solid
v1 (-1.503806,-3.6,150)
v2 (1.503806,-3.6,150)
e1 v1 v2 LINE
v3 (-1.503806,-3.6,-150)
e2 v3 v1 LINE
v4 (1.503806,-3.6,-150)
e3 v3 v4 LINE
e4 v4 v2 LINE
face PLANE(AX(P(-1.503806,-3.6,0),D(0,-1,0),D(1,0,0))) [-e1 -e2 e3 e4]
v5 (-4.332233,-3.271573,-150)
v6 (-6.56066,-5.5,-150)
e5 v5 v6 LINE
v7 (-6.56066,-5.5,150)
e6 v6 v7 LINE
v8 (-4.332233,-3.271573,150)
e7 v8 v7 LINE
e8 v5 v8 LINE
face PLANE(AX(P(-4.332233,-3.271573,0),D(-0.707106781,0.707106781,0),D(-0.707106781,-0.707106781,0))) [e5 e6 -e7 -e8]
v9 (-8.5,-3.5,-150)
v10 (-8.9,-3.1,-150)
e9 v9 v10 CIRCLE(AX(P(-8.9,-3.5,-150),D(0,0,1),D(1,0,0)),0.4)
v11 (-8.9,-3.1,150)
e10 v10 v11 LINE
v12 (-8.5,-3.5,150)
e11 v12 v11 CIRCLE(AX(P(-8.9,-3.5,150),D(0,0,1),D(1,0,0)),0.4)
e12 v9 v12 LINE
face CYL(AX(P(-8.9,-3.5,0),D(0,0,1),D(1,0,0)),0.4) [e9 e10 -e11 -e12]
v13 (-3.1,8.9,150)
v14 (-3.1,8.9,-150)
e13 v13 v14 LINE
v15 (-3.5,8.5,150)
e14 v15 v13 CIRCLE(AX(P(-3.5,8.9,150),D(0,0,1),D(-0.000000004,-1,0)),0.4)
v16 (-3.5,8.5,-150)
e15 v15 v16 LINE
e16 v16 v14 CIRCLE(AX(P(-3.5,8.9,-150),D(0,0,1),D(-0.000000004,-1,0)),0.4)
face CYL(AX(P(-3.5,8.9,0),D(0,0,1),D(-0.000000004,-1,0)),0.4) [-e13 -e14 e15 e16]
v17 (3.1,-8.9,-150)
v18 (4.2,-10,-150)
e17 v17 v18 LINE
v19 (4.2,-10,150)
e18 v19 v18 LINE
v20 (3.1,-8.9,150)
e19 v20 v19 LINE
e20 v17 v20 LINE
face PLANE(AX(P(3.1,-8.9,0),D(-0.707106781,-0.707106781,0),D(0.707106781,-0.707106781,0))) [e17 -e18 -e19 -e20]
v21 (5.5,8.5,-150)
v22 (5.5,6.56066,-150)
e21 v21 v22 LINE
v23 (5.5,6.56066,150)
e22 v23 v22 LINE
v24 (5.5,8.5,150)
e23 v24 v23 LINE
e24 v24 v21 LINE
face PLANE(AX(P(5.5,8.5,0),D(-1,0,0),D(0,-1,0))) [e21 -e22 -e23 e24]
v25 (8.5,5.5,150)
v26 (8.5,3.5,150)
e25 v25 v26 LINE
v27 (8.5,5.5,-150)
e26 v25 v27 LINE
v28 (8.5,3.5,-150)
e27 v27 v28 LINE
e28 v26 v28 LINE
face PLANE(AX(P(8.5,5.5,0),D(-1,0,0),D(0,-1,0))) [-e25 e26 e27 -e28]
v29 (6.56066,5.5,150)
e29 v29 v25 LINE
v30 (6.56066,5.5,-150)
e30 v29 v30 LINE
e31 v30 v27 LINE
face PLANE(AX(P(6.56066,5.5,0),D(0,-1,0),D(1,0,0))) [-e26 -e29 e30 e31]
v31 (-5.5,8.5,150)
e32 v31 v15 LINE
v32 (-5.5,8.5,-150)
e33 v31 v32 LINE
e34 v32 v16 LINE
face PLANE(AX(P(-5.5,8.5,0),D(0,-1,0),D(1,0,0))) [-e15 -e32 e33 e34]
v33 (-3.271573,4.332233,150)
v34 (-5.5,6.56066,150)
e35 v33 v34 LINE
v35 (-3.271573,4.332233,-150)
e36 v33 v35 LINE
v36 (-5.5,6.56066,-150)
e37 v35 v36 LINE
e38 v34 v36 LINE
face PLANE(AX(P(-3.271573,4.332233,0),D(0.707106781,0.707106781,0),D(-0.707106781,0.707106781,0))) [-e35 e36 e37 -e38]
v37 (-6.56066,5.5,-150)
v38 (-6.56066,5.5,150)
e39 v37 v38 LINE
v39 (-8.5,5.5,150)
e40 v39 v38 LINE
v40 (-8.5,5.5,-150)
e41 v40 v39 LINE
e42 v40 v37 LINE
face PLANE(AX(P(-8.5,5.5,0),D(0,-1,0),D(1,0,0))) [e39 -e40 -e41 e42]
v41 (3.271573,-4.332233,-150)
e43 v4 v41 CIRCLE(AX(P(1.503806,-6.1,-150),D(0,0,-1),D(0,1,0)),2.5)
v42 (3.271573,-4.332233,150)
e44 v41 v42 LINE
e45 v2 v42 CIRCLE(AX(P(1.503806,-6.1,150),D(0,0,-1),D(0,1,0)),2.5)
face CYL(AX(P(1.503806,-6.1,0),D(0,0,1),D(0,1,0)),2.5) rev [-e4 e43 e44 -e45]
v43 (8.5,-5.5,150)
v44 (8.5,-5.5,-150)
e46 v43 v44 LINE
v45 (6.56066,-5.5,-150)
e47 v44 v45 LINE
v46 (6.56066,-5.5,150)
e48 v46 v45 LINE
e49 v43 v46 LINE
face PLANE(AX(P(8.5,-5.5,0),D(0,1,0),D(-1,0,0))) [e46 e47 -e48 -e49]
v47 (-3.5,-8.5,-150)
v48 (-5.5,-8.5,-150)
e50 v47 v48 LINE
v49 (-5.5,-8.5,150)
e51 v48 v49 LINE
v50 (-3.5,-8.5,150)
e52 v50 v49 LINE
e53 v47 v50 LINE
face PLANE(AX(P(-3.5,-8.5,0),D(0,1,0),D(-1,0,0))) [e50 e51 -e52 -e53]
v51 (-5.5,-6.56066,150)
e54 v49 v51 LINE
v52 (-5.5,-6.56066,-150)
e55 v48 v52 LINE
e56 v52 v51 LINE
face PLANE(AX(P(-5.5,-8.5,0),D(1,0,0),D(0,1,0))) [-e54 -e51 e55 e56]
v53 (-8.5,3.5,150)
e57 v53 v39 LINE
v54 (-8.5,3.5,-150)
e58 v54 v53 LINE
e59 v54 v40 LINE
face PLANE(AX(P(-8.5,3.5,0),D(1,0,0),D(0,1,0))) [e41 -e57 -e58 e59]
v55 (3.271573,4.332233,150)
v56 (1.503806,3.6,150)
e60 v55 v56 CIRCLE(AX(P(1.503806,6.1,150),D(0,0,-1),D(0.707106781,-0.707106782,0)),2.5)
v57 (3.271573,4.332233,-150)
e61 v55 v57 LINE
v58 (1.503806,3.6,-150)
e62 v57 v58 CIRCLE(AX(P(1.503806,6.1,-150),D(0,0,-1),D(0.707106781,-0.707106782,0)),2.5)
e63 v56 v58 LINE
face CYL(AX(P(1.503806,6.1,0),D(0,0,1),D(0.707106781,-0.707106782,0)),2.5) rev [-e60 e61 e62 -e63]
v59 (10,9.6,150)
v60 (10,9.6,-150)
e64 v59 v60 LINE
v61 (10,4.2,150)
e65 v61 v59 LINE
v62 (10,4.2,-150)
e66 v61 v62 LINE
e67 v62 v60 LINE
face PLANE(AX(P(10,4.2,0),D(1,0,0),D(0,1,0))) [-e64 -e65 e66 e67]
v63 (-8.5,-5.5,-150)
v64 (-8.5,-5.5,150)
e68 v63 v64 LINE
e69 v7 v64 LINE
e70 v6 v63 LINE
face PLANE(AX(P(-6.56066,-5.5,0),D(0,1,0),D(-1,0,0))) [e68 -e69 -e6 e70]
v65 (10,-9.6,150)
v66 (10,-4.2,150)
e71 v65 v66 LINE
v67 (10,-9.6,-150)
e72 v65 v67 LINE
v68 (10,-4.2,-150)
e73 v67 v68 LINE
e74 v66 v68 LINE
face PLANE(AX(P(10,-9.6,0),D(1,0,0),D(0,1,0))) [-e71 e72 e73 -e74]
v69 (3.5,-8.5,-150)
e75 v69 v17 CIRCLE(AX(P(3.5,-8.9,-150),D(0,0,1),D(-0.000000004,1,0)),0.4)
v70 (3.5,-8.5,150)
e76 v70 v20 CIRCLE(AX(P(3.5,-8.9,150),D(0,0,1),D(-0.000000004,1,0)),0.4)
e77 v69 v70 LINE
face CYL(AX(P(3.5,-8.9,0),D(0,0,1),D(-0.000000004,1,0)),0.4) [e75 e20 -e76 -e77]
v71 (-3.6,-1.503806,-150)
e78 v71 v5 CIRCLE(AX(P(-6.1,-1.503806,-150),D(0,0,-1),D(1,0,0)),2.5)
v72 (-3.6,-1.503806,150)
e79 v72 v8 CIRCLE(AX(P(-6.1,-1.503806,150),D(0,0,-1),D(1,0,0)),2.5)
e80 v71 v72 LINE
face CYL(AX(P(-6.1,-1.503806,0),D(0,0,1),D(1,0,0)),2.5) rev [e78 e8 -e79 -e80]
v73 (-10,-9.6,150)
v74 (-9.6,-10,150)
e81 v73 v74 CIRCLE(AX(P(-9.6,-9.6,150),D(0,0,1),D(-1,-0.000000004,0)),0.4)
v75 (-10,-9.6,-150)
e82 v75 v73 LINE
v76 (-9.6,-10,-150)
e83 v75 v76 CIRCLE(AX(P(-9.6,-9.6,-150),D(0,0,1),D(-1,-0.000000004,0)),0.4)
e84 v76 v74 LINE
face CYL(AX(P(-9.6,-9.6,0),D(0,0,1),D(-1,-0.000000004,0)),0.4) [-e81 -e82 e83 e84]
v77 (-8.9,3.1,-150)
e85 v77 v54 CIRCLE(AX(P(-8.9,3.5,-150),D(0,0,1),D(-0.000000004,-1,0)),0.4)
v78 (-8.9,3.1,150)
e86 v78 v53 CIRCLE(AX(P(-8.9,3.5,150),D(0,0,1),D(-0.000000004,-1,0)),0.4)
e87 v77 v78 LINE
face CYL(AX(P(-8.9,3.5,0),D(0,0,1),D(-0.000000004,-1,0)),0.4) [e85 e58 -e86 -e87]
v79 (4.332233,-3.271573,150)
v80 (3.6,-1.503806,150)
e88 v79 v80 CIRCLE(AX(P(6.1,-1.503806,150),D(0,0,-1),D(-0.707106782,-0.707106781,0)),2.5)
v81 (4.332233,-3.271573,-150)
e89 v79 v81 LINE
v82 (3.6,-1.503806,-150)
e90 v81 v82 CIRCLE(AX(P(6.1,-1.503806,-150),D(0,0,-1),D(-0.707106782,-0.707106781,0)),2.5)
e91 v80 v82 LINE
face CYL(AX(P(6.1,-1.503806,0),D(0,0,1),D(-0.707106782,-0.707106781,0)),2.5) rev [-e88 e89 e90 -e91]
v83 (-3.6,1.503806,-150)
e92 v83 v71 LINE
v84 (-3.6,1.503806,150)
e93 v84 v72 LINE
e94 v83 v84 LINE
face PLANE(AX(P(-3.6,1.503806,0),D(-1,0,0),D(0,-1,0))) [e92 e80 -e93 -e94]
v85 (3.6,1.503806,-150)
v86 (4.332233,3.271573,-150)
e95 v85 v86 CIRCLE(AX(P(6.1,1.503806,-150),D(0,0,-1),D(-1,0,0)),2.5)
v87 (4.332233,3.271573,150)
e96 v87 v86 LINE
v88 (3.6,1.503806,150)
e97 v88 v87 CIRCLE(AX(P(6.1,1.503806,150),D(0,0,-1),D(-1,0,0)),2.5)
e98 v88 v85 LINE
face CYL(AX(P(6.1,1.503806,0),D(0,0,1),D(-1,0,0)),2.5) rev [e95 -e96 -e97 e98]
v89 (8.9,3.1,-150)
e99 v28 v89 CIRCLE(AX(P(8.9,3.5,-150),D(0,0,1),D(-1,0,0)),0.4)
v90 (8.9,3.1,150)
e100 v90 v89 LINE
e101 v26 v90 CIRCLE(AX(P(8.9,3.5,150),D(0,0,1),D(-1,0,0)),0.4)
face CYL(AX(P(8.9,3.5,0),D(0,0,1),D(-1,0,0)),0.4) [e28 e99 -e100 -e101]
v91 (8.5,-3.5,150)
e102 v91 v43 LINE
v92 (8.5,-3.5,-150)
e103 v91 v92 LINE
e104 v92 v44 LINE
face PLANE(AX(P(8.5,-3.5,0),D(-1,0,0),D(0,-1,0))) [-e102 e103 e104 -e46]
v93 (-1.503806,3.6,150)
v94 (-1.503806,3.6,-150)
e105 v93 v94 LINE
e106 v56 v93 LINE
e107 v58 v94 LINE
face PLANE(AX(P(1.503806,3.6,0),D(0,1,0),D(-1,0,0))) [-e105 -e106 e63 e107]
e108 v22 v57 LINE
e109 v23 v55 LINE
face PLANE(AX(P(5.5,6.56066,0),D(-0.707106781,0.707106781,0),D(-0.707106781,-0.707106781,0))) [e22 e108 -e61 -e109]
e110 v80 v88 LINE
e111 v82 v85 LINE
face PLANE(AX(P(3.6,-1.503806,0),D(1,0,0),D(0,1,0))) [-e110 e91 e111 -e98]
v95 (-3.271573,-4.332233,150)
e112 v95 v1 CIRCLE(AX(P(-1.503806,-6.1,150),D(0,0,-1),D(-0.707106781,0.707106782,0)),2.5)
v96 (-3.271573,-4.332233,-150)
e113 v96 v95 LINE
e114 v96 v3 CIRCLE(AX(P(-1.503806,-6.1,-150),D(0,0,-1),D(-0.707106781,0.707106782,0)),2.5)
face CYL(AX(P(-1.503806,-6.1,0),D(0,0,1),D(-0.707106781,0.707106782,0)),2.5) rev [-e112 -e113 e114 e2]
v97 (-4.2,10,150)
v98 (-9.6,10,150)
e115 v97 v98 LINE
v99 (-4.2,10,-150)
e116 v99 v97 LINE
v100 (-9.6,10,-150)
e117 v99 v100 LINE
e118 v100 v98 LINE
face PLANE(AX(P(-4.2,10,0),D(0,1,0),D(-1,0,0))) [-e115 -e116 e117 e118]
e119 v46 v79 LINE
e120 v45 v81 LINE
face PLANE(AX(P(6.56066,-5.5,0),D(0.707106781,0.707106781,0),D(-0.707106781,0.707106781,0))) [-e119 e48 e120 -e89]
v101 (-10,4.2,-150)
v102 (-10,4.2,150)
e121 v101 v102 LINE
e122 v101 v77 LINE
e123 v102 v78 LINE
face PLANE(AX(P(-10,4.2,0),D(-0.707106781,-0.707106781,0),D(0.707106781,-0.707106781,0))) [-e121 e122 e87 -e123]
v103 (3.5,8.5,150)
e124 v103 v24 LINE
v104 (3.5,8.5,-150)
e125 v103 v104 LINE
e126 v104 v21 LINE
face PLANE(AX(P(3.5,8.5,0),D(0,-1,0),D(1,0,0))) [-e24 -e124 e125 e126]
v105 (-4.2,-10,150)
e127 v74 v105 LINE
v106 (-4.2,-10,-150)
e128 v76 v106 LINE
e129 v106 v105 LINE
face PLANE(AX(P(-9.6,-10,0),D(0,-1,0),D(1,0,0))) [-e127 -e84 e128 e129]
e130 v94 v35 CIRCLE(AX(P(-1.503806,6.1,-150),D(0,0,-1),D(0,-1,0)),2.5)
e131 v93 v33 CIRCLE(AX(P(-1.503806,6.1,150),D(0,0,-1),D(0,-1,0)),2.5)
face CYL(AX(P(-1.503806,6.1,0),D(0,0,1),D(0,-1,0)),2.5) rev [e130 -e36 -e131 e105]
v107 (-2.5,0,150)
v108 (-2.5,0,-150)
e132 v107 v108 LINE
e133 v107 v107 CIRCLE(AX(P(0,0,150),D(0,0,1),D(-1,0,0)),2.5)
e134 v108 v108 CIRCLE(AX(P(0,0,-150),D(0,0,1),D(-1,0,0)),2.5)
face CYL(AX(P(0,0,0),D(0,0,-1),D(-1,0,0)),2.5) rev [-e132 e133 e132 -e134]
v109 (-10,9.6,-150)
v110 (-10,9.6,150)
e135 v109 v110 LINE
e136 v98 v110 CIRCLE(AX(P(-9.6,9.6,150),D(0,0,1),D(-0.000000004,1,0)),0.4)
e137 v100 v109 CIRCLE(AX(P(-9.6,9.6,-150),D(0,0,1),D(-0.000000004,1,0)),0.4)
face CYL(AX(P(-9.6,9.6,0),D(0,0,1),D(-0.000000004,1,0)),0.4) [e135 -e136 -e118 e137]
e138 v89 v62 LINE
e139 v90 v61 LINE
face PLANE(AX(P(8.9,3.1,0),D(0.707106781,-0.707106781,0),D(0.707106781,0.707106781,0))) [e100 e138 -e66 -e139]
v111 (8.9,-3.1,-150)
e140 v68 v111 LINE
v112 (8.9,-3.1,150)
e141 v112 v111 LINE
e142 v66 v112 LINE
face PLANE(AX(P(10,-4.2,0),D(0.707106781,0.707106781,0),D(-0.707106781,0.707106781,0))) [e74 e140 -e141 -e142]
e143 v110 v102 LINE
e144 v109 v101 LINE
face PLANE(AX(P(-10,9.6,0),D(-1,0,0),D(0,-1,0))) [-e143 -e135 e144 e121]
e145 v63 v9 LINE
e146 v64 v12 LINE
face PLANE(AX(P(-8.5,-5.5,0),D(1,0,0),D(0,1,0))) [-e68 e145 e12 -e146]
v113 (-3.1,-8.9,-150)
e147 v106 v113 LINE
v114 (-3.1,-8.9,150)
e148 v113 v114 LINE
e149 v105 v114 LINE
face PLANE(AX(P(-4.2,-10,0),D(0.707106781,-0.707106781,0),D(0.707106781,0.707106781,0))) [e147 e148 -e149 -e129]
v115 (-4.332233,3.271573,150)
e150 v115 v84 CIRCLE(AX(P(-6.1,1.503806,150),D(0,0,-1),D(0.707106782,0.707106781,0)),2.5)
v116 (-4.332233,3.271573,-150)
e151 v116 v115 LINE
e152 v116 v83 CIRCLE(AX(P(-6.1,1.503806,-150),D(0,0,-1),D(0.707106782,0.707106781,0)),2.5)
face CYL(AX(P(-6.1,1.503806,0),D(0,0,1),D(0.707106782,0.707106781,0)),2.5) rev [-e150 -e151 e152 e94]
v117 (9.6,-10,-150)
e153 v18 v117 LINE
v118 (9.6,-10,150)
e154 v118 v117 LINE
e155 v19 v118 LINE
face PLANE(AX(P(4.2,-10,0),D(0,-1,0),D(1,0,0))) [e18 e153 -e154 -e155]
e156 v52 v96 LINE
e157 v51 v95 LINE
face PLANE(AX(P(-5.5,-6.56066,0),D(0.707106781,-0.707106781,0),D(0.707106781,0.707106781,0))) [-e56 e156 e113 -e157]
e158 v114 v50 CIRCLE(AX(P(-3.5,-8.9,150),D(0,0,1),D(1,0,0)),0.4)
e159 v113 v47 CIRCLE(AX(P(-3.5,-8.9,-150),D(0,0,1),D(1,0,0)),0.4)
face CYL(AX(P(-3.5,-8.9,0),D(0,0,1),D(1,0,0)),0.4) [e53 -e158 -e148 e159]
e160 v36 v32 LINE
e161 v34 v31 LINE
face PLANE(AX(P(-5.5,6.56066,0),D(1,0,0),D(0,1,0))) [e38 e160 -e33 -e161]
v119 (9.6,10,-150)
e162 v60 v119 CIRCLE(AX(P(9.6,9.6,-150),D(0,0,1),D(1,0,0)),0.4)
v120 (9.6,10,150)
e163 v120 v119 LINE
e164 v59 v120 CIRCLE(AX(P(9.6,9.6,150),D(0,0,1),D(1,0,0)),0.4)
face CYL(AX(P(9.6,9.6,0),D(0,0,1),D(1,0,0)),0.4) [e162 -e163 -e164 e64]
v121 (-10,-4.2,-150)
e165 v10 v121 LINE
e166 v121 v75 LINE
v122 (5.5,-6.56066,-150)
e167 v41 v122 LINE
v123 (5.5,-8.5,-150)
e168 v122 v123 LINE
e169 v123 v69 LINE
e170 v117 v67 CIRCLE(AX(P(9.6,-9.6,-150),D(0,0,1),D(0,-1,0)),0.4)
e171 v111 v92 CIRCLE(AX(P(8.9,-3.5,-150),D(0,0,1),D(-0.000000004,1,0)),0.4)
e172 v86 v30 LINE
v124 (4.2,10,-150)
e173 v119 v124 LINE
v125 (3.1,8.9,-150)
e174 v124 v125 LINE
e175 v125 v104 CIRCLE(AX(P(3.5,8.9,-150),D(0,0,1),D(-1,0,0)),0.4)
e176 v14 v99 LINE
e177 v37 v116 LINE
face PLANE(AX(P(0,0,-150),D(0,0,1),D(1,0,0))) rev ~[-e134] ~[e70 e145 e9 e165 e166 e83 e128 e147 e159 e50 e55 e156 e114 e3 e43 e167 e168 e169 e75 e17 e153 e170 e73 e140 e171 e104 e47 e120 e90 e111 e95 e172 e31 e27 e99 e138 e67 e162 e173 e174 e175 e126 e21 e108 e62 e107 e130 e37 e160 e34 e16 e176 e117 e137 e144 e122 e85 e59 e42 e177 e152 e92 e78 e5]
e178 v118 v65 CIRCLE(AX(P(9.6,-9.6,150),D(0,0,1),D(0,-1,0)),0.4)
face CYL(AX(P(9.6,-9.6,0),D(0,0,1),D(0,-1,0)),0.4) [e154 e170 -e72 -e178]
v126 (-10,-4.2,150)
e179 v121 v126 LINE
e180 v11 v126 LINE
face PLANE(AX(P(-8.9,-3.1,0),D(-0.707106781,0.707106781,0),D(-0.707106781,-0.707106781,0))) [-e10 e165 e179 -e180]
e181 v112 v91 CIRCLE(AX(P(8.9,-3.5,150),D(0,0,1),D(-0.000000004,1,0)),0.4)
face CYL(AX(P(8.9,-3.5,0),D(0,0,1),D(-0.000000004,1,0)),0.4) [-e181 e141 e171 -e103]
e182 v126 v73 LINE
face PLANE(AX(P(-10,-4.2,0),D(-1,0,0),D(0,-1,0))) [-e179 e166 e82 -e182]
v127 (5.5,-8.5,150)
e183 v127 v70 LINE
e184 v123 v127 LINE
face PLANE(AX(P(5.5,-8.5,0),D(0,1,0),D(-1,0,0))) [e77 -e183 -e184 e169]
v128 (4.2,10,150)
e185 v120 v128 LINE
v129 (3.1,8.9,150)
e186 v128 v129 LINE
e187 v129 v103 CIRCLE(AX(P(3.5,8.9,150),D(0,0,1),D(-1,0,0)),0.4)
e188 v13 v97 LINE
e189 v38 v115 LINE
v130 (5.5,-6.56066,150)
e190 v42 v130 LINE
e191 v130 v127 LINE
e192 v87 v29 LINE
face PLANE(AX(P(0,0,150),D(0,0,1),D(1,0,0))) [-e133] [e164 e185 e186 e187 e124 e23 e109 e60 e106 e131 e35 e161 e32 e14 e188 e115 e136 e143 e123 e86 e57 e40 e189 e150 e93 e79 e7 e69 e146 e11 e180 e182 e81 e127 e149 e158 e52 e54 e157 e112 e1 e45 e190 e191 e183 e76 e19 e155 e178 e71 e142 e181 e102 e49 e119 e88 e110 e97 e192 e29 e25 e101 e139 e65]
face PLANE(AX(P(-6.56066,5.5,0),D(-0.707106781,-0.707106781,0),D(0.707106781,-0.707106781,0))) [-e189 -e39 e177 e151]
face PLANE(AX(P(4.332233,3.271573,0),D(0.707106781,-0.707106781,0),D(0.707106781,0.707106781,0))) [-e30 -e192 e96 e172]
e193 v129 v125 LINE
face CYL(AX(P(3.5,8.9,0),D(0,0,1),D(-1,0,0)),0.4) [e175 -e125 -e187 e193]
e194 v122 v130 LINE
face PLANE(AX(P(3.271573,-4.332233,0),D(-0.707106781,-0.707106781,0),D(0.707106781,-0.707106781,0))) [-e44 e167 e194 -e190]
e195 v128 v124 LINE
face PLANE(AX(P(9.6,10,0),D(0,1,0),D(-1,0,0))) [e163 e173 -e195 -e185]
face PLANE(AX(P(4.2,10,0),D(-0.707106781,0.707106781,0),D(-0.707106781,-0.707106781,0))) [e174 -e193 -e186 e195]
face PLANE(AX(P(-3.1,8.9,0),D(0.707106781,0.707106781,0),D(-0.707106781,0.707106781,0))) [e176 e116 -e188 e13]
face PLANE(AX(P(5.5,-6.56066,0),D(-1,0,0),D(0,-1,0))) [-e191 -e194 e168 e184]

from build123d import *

# Parameters (mm, degrees)
RESSALTO_EXTRUS_O1_DEPTH = 150


with BuildPart() as part:
    # Esboço1 → Ressalto-extrusão1 (new, symmetric)
    with BuildSketch(Plane.XY):
        with BuildLine():
            Line((-3.1, 8.9), (-4.2, 10))
            Line((-4.2, 10), (-9.6, 10))
            ThreePointArc((-9.6, 10), (-9.882842712, 9.882842712), (-10, 9.6))
            Line((-10, 9.6), (-10, 4.2))
            Line((-10, 4.2), (-8.9, 3.1))
            ThreePointArc((-8.9, 3.1), (-8.617157287, 3.217157287), (-8.5, 3.5))
            Line((-8.5, 3.5), (-8.5, 5.5))
            Line((-8.5, 5.5), (-6.560660172, 5.5))
            Line((-6.560660172, 5.5), (-4.332233047, 3.271572875))
            ThreePointArc((-4.332233047, 3.271572875), (-3.790301169, 2.460514503), (-3.6, 1.503805922))
            Line((-3.6, 1.503805922), (-3.6, 0))
            Line((-3.6, 0), (-3.6, -1.503805922))
            ThreePointArc((-3.6, -1.503805922), (-3.790301169, -2.460514503), (-4.332233047, -3.271572875))
            Line((-4.332233047, -3.271572875), (-6.560660172, -5.5))
            Line((-6.560660172, -5.5), (-8.5, -5.5))
            Line((-8.5, -5.5), (-8.5, -3.5))
            ThreePointArc((-8.5, -3.5), (-8.617157287, -3.217157288), (-8.9, -3.1))
            Line((-8.9, -3.1), (-10, -4.2))
            Line((-10, -4.2), (-10, -9.6))
            ThreePointArc((-10, -9.6), (-9.882842712, -9.882842712), (-9.6, -10))
            Line((-9.6, -10), (-4.2, -10))
            Line((-4.2, -10), (-3.1, -8.9))
            ThreePointArc((-3.1, -8.9), (-3.217157287, -8.617157288), (-3.5, -8.5))
            Line((-3.5, -8.5), (-5.5, -8.5))
            Line((-5.5, -8.5), (-5.5, -6.560660172))
            Line((-5.5, -6.560660172), (-3.271572875, -4.332233047))
            ThreePointArc((-3.271572875, -4.332233047), (-2.460514503, -3.790301169), (-1.503805922, -3.6))
            Line((-1.503805922, -3.6), (1.503805922, -3.6))
            ThreePointArc((1.503805922, -3.6), (2.460514503, -3.790301169), (3.271572875, -4.332233047))
            Line((3.271572875, -4.332233047), (5.5, -6.560660172))
            Line((5.5, -6.560660172), (5.5, -8.5))
            Line((5.5, -8.5), (3.5, -8.5))
            ThreePointArc((3.5, -8.5), (3.217157288, -8.617157288), (3.1, -8.9))
            Line((3.1, -8.9), (4.2, -10))
            Line((4.2, -10), (9.6, -10))
            ThreePointArc((9.6, -10), (9.882842713, -9.882842712), (10, -9.6))
            Line((10, -9.6), (10, -4.2))
            Line((10, -4.2), (8.9, -3.1))
            ThreePointArc((8.9, -3.1), (8.617157288, -3.217157288), (8.5, -3.5))
            Line((8.5, -3.5), (8.5, -5.5))
            Line((8.5, -5.5), (6.560660172, -5.5))
            Line((6.560660172, -5.5), (4.332233047, -3.271572875))
            ThreePointArc((4.332233047, -3.271572875), (3.790301169, -2.460514503), (3.6, -1.503805922))
            Line((3.6, -1.503805922), (3.6, 0))
            Line((3.6, 0), (3.6, 1.503805922))
            ThreePointArc((3.6, 1.503805922), (3.790301169, 2.460514503), (4.332233047, 3.271572875))
            Line((4.332233047, 3.271572875), (6.560660172, 5.5))
            Line((6.560660172, 5.5), (8.5, 5.5))
            Line((8.5, 5.5), (8.5, 3.5))
            ThreePointArc((8.5, 3.5), (8.617157288, 3.217157287), (8.9, 3.1))
            Line((8.9, 3.1), (10, 4.2))
            Line((10, 4.2), (10, 9.6))
            ThreePointArc((10, 9.6), (9.882842713, 9.882842712), (9.6, 10))
            Line((9.6, 10), (4.2, 10))
            Line((4.2, 10), (3.1, 8.9))
            ThreePointArc((3.1, 8.9), (3.217157288, 8.617157287), (3.5, 8.5))
            Line((3.5, 8.5), (5.5, 8.5))
            Line((5.5, 8.5), (5.5, 6.560660172))
            Line((5.5, 6.560660172), (3.271572875, 4.332233047))
            ThreePointArc((3.271572875, 4.332233047), (2.460514503, 3.790301169), (1.503805922, 3.6))
            Line((1.503805922, 3.6), (-1.503805922, 3.6))
            ThreePointArc((-1.503805922, 3.6), (-2.460514503, 3.790301169), (-3.271572875, 4.332233047))
            Line((-3.271572875, 4.332233047), (-5.5, 6.560660172))
            Line((-5.5, 6.560660172), (-5.5, 8.5))
            Line((-5.5, 8.5), (-3.5, 8.5))
            ThreePointArc((-3.5, 8.5), (-3.217157287, 8.617157287), (-3.1, 8.9))
        make_face()
        with BuildLine():
            ThreePointArc((2.5, 0), (0, 2.5), (-2.5, 0))
            ThreePointArc((-2.5, 0), (0, -2.5), (2.5, 0))
        make_face(mode=Mode.SUBTRACT)
    extrude(amount=RESSALTO_EXTRUS_O1_DEPTH, both=True)


solid = part.part
